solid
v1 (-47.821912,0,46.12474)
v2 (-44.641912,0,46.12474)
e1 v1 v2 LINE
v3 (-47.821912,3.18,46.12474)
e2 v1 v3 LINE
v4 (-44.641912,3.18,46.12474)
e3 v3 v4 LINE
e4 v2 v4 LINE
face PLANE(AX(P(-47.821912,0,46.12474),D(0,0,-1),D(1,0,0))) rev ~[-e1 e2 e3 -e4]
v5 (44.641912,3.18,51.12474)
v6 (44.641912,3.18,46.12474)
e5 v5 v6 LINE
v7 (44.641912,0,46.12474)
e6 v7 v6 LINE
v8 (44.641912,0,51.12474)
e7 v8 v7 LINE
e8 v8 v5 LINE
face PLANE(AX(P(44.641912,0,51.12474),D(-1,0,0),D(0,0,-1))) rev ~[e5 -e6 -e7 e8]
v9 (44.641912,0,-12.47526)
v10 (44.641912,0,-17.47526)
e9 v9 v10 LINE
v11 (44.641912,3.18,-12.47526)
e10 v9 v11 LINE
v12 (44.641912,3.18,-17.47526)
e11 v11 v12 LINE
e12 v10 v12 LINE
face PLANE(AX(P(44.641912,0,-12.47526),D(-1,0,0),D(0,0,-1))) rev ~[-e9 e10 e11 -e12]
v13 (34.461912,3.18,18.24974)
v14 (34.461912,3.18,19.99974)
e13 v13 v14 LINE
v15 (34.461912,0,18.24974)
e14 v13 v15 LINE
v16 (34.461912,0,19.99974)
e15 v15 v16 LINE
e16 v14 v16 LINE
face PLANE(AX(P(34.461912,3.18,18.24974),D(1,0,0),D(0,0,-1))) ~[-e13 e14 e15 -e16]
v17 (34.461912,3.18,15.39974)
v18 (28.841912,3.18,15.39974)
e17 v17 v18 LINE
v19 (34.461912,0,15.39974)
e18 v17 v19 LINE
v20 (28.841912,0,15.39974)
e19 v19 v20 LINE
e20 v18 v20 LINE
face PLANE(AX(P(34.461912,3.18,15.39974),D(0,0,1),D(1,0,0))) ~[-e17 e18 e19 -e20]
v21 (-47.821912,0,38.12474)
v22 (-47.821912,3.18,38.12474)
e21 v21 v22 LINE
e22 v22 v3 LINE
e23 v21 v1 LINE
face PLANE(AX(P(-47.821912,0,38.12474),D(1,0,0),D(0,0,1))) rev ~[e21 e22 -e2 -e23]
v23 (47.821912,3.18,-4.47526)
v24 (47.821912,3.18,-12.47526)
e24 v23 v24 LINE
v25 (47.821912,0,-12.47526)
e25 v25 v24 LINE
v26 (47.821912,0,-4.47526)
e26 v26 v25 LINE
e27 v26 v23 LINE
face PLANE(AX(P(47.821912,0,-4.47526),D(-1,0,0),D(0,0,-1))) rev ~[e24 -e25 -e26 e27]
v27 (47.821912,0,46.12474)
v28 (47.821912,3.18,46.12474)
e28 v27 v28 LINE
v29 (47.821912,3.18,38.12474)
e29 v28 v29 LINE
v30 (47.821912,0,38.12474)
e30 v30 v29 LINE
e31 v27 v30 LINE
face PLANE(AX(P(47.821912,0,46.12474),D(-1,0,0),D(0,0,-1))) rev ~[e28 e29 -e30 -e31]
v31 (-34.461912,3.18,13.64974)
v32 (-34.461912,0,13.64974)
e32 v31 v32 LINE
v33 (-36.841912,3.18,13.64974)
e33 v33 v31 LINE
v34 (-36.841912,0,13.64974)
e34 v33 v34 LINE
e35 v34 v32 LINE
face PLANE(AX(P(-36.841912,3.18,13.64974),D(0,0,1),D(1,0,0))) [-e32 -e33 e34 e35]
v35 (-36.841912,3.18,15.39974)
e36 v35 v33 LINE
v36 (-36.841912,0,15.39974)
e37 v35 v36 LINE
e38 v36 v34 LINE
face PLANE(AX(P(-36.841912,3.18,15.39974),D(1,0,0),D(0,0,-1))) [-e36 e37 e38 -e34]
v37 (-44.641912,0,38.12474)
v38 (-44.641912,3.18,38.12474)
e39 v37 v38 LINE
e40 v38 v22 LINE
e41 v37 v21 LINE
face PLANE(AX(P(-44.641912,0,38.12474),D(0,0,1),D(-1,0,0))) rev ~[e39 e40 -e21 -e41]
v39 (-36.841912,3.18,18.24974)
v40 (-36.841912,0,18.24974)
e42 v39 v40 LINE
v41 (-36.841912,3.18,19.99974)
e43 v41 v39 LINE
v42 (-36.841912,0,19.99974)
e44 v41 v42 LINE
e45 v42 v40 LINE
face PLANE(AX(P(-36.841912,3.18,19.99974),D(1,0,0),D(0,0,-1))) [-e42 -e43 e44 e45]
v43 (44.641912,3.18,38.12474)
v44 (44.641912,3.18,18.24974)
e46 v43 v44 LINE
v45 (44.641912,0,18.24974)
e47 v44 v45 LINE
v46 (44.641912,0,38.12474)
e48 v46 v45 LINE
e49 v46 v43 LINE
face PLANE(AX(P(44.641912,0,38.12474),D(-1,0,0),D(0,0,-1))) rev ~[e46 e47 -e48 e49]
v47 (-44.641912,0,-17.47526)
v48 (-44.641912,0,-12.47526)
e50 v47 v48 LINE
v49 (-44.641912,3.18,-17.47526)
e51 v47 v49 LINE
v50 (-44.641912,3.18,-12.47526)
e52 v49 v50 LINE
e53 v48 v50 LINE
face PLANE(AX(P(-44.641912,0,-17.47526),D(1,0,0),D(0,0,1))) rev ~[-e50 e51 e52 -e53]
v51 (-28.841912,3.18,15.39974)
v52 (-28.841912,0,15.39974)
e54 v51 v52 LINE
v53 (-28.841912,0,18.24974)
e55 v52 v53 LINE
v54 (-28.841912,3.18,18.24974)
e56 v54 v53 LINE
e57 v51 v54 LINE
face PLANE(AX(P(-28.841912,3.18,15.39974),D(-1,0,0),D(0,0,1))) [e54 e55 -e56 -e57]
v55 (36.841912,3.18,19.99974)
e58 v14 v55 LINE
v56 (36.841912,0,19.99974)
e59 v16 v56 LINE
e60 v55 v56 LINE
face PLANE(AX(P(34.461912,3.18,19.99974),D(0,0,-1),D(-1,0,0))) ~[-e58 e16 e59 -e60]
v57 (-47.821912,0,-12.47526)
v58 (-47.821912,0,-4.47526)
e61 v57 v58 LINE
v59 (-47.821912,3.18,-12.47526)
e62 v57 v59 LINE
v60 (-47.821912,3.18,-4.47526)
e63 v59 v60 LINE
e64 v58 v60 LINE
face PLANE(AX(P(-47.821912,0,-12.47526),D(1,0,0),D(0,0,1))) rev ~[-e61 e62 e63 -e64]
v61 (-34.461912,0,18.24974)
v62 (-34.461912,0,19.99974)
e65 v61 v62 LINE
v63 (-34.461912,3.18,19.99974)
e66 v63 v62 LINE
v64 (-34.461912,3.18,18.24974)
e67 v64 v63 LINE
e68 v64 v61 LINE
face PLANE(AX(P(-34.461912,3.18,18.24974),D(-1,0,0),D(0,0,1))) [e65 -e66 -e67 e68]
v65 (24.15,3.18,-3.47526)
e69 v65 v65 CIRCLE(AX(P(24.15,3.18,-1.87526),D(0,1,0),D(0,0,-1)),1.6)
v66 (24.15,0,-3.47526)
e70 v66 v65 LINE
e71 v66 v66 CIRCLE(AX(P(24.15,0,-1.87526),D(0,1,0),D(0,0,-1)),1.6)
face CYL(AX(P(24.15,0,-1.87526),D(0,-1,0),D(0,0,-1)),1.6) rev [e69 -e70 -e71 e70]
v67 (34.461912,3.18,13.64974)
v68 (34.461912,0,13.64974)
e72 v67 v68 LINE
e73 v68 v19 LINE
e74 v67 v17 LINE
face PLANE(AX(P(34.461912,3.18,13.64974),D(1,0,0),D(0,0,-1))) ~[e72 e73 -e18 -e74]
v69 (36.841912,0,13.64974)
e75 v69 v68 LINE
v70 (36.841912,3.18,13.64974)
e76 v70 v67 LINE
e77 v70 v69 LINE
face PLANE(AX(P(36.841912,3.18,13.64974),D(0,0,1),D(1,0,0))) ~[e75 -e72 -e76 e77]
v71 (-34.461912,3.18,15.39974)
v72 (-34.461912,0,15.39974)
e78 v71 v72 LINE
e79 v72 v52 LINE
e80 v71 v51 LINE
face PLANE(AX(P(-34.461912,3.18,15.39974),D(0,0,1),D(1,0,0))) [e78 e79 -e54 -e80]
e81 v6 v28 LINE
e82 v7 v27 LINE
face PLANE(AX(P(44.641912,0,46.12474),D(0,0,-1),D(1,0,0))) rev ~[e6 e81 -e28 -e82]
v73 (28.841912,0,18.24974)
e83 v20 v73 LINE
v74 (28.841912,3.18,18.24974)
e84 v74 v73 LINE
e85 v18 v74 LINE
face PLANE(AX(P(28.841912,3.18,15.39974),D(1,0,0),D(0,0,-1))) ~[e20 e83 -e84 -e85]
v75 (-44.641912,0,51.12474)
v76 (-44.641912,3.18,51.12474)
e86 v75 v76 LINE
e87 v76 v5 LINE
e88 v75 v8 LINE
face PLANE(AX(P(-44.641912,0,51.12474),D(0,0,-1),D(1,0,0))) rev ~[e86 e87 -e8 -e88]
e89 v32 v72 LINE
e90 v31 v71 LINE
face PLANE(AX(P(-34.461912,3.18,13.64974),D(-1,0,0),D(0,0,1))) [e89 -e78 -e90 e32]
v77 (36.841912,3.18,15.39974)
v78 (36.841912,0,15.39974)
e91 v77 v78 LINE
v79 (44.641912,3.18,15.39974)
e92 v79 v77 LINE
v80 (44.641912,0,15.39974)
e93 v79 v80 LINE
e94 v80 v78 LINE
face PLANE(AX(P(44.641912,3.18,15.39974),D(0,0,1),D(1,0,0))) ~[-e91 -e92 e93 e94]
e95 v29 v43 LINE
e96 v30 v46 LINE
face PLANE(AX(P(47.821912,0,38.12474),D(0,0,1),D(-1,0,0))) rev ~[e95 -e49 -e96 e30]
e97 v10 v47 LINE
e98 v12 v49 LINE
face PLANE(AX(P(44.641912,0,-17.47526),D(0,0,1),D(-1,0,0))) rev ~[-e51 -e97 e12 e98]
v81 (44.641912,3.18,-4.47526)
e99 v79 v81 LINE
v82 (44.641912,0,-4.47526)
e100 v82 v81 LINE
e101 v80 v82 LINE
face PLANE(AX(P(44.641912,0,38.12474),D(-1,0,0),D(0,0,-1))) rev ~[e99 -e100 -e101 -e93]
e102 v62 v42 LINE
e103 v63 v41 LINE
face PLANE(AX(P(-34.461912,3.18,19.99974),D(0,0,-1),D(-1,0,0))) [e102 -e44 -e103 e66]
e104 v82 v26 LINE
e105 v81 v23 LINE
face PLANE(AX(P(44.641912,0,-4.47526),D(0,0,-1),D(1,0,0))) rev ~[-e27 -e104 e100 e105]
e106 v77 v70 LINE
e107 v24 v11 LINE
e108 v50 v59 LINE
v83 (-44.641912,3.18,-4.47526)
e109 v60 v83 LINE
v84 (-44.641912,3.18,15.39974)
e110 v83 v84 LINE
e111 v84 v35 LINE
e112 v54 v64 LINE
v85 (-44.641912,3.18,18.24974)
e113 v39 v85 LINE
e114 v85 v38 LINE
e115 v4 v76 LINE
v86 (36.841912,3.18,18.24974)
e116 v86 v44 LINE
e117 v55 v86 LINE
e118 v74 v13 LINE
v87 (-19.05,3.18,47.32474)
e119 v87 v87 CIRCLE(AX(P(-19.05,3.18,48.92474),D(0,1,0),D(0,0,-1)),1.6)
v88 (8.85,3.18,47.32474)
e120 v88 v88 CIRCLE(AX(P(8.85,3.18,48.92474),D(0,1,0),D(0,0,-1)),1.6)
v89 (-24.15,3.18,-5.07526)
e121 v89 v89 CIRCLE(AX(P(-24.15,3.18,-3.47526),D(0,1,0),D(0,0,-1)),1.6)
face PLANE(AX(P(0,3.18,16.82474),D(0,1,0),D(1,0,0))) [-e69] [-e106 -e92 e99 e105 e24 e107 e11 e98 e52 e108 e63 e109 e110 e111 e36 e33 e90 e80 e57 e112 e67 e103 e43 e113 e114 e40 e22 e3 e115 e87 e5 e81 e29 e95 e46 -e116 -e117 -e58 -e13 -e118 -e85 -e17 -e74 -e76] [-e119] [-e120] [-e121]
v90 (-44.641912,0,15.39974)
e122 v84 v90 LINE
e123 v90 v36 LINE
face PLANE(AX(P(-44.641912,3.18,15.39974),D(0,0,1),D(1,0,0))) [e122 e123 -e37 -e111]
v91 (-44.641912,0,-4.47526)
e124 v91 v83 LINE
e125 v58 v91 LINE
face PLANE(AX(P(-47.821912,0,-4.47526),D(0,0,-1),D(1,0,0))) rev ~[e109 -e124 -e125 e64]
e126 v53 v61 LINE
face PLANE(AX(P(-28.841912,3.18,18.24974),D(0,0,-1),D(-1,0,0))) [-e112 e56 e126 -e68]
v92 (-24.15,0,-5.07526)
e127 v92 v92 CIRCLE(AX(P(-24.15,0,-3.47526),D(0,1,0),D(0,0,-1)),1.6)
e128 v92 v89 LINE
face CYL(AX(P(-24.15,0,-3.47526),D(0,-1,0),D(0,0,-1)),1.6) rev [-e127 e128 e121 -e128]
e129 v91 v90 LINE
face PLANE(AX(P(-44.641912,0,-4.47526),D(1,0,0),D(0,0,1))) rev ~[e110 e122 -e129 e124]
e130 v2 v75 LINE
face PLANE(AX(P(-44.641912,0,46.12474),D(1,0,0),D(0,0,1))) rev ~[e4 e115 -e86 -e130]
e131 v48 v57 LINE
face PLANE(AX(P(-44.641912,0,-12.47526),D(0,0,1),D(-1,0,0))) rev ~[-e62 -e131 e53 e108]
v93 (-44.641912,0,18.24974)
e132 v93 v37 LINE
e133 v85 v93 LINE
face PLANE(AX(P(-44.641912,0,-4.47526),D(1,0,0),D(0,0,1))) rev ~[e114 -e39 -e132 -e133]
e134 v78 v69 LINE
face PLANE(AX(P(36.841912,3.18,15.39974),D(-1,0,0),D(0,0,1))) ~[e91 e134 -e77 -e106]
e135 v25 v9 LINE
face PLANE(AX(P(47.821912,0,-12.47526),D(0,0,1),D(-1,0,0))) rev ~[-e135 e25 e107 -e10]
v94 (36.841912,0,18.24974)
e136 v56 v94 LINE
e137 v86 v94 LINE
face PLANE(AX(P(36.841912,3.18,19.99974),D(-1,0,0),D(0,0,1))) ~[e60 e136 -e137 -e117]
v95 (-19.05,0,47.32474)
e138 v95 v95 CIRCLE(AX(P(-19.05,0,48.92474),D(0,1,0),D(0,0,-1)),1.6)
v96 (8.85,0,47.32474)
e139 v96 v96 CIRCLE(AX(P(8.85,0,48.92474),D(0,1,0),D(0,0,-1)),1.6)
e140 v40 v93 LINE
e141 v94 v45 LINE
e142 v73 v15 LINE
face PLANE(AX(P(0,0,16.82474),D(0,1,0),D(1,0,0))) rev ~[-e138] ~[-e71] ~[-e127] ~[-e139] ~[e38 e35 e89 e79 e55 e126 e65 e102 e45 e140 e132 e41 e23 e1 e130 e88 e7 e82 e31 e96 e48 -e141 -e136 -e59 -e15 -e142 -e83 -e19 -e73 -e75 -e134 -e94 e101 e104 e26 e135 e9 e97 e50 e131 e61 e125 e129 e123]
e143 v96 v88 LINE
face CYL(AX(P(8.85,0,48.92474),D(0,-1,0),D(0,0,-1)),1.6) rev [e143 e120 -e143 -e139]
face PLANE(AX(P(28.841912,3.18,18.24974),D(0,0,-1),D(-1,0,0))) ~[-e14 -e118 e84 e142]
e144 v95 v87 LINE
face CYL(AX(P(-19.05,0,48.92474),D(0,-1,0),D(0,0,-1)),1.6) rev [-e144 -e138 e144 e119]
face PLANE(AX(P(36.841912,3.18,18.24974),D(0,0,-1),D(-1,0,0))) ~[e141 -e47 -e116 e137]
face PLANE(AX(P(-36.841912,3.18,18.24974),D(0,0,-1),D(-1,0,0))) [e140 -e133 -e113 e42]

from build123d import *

# Parameters (mm, degrees)
SKETCH1_R           = 1.6
BOSS_EXTRUDE1_DEPTH = 3.18
CUT_EXTRUDE1_DEPTH  = 71.077005804


with BuildPart() as part:
    # Sketch1 → Boss-Extrude1 (new body)
    with BuildSketch(Plane(origin=(0, 0, 0), x_dir=(1, 0, 0), z_dir=(0, 1, 0))):
        Polygon((44.64191244, 17.475260069), (-44.64191244, 17.475260069), (-44.64191244, 12.475260069), (-47.82191244, 12.475260069), (-47.82191244, 4.475260069), (-44.64191244, 4.475260069), (-44.64191244, -38.124739931), (-47.82191244, -38.124739931), (-47.82191244, -46.124739931), (-44.64191244, -46.124739931), (-44.64191244, -51.124739931), (44.64191244, -51.124739931), (44.64191244, -46.124739931), (47.82191244, -46.124739931), (47.82191244, -38.124739931), (44.64191244, -38.124739931), (44.64191244, 4.475260069), (47.82191244, 4.475260069), (47.82191244, 12.475260069), (44.64191244, 12.475260069), align=None)
        with Locations(Location((24.15, 1.875260069, 0), (0, 0, 90))):
            Circle(SKETCH1_R, mode=Mode.SUBTRACT)
        with Locations(Location((8.85, -48.924739931, 0), (0, 0, 90))):
            Circle(SKETCH1_R, mode=Mode.SUBTRACT)
        with Locations(Location((-19.05, -48.924739931, 0), (0, 0, 90))):
            Circle(SKETCH1_R, mode=Mode.SUBTRACT)
        with Locations(Location((-24.15, 3.475260069, 0), (0, 0, 90))):
            Circle(SKETCH1_R, mode=Mode.SUBTRACT)
    extrude(amount=BOSS_EXTRUDE1_DEPTH)

    # Sketch2 → Cut-Extrude1 (cut, through all)
    with BuildSketch(Plane(origin=(0, 3.18, 0), x_dir=(1, 0, 0), z_dir=(0, 1, 0))):
        Polygon((-44.64191244, -15.399739931), (-36.84191244, -15.399739931), (-36.84191244, -13.649739931), (-34.46191244, -13.649739931), (-34.46191244, -15.399739931), (-28.84191244, -15.399739931), (-28.84191244, -18.249739931), (-34.46191244, -18.249739931), (-34.46191244, -19.999739931), (-36.84191244, -19.999739931), (-36.84191244, -18.249739931), (-44.64191244, -18.249739931), align=None)
    cut_extrude1 = extrude(amount=-CUT_EXTRUDE1_DEPTH, mode=Mode.SUBTRACT)

    # Mirror1: Cut-Extrude1 across plane
    add(cut_extrude1.mirror(Plane(origin=(0, 0, 0), x_dir=(0, 0, 1), z_dir=(1, 0, 0))), mode=Mode.SUBTRACT)


solid = part.part
